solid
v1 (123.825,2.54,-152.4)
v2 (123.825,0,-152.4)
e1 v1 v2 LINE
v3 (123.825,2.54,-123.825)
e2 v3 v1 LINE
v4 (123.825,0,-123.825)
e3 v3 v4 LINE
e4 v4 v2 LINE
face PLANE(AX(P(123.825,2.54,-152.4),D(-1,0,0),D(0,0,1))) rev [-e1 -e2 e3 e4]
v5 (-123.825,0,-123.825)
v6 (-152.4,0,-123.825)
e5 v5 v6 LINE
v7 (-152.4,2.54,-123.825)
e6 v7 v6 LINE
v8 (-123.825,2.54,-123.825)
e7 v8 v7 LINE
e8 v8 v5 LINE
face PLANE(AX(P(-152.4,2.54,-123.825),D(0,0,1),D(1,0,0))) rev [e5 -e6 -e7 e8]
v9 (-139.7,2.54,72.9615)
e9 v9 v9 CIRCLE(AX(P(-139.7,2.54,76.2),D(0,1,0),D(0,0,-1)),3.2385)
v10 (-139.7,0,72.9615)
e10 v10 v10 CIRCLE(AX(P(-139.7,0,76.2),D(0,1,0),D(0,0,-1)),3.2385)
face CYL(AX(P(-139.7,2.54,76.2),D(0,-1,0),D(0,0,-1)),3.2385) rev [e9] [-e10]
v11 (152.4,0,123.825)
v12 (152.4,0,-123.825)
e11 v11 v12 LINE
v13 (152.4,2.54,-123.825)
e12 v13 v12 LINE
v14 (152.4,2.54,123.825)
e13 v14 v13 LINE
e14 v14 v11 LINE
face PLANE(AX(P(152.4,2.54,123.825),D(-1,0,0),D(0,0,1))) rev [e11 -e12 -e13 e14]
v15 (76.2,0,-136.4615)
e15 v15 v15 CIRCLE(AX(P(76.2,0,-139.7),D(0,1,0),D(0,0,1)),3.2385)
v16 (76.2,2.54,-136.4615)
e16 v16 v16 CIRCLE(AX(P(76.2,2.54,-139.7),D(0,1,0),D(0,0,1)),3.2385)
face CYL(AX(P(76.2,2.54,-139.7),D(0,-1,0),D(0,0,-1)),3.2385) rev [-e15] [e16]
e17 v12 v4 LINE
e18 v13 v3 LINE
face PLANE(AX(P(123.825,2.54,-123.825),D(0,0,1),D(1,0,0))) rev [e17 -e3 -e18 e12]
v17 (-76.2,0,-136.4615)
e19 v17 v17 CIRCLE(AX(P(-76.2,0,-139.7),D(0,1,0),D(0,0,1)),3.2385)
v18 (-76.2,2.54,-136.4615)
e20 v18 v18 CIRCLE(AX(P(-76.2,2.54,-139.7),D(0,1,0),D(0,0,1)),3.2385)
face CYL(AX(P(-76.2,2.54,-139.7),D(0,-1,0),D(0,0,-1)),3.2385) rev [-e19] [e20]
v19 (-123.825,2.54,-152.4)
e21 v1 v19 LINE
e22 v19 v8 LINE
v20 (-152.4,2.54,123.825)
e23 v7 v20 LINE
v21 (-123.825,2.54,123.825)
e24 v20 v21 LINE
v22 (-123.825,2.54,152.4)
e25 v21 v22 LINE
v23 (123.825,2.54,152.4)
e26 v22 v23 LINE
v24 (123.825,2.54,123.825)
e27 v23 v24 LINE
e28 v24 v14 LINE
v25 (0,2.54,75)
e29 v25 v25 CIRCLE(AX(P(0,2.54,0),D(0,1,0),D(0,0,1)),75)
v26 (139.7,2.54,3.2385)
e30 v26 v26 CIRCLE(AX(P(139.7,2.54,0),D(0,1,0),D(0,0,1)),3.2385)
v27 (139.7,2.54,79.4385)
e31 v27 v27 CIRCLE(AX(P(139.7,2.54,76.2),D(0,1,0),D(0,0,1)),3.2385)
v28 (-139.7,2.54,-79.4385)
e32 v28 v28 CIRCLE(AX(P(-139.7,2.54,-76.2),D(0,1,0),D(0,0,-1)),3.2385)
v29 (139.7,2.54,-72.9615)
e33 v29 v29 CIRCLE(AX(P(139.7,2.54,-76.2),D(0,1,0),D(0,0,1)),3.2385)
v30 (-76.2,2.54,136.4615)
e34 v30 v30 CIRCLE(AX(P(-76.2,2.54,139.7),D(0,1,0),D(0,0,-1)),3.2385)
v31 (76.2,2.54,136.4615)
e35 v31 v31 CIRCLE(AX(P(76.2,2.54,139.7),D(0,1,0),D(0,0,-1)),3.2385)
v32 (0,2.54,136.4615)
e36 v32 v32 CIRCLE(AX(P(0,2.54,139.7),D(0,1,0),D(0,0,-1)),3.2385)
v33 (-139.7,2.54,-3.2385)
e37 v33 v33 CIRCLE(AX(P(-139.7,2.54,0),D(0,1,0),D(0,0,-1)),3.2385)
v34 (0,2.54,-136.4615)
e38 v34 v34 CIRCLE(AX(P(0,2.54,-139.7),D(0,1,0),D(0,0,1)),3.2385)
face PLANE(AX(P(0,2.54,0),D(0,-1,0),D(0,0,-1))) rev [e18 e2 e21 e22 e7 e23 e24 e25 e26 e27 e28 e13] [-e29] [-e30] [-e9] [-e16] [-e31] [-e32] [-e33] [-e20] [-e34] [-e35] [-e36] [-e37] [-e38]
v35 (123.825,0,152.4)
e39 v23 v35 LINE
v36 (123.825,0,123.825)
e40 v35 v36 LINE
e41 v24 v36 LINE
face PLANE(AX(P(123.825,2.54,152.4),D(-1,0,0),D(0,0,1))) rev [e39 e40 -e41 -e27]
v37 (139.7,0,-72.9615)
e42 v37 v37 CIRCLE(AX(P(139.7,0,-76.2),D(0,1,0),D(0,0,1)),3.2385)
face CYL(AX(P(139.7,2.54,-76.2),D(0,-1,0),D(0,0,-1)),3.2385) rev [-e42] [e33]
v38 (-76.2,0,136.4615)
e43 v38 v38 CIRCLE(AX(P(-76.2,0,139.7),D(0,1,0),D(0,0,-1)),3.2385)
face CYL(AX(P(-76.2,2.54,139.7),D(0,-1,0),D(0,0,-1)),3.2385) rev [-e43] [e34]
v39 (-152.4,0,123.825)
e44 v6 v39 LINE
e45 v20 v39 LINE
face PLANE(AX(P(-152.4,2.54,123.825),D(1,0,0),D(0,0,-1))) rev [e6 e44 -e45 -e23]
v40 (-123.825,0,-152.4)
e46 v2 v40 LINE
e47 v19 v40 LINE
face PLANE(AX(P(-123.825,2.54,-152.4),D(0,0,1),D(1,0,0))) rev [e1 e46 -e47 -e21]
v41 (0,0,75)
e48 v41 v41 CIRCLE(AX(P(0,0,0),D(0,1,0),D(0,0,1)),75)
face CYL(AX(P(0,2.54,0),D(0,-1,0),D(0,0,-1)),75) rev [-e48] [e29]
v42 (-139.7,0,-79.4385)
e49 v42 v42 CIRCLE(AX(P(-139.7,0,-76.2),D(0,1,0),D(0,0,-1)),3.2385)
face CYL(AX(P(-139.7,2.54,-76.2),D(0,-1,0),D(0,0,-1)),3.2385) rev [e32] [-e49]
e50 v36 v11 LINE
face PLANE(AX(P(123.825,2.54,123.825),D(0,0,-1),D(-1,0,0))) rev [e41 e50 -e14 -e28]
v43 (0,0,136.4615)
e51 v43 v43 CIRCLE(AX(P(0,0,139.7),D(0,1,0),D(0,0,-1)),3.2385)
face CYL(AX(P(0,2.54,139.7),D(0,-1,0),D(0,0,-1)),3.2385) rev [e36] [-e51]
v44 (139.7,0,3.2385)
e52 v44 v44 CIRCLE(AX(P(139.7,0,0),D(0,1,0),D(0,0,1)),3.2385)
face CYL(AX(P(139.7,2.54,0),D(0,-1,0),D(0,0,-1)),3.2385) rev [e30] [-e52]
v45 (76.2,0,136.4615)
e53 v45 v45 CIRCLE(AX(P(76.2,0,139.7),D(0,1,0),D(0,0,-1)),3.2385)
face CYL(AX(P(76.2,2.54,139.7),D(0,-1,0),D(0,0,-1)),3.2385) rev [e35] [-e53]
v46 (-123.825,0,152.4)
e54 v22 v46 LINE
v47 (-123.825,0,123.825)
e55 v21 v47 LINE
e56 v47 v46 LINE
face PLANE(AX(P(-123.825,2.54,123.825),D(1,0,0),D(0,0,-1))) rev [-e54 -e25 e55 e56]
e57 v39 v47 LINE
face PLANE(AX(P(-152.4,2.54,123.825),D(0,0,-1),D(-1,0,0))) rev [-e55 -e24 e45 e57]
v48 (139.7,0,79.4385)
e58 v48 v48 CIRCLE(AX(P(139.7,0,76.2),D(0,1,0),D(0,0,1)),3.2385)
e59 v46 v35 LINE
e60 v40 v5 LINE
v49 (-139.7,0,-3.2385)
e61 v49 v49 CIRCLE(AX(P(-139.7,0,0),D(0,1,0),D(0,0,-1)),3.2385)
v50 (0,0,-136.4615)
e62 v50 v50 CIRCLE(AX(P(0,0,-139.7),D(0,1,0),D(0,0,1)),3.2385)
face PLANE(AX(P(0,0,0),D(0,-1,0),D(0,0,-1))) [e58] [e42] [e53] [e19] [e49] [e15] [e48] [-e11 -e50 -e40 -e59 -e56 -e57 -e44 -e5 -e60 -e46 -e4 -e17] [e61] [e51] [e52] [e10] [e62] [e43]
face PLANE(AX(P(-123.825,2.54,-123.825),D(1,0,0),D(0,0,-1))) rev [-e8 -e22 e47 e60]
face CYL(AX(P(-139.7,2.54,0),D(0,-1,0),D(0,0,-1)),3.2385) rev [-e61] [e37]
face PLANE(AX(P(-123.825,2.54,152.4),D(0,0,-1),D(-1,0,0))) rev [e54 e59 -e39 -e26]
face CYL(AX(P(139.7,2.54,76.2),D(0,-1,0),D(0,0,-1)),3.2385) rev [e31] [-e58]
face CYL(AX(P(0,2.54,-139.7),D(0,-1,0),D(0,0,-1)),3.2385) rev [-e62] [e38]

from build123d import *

# Parameters (mm, degrees)
SKETCH1_R           = 3.2385
SKETCH1_R_2         = 75
BOSS_EXTRUDE1_DEPTH = 2.54


with BuildPart() as part:
    # Sketch1 → Boss-Extrude1 (new body)
    with BuildSketch(Plane(origin=(0, 0, 0), x_dir=(1, 0, 0), z_dir=(0, 1, 0))):
        Polygon((123.825, 152.4), (123.825, 123.825), (152.4, 123.825), (152.4, -123.825), (123.825, -123.825), (123.825, -152.4), (-123.825, -152.4), (-123.825, -123.825), (-152.4, -123.825), (-152.4, 123.825), (-123.825, 123.825), (-123.825, 152.4), align=None)
        with Locations((76.2, 139.7)):
            Circle(SKETCH1_R, mode=Mode.SUBTRACT)
        with Locations((0, 139.7)):
            Circle(SKETCH1_R, mode=Mode.SUBTRACT)
        with Locations((-76.2, 139.7)):
            Circle(SKETCH1_R, mode=Mode.SUBTRACT)
        with Locations((-76.2, -139.7)):
            Circle(SKETCH1_R, mode=Mode.SUBTRACT)
        with Locations((0, -139.7)):
            Circle(SKETCH1_R, mode=Mode.SUBTRACT)
        with Locations((76.2, -139.7)):
            Circle(SKETCH1_R, mode=Mode.SUBTRACT)
        with Locations((139.7, -76.2)):
            Circle(SKETCH1_R, mode=Mode.SUBTRACT)
        with Locations((139.7, 0)):
            Circle(SKETCH1_R, mode=Mode.SUBTRACT)
        with Locations((139.7, 76.2)):
            Circle(SKETCH1_R, mode=Mode.SUBTRACT)
        with Locations((-139.7, 76.2)):
            Circle(SKETCH1_R, mode=Mode.SUBTRACT)
        with Locations((-139.7, 0)):
            Circle(SKETCH1_R, mode=Mode.SUBTRACT)
        with Locations((-139.7, -76.2)):
            Circle(SKETCH1_R, mode=Mode.SUBTRACT)
        Circle(SKETCH1_R_2, mode=Mode.SUBTRACT)
    extrude(amount=BOSS_EXTRUDE1_DEPTH)


solid = part.part
